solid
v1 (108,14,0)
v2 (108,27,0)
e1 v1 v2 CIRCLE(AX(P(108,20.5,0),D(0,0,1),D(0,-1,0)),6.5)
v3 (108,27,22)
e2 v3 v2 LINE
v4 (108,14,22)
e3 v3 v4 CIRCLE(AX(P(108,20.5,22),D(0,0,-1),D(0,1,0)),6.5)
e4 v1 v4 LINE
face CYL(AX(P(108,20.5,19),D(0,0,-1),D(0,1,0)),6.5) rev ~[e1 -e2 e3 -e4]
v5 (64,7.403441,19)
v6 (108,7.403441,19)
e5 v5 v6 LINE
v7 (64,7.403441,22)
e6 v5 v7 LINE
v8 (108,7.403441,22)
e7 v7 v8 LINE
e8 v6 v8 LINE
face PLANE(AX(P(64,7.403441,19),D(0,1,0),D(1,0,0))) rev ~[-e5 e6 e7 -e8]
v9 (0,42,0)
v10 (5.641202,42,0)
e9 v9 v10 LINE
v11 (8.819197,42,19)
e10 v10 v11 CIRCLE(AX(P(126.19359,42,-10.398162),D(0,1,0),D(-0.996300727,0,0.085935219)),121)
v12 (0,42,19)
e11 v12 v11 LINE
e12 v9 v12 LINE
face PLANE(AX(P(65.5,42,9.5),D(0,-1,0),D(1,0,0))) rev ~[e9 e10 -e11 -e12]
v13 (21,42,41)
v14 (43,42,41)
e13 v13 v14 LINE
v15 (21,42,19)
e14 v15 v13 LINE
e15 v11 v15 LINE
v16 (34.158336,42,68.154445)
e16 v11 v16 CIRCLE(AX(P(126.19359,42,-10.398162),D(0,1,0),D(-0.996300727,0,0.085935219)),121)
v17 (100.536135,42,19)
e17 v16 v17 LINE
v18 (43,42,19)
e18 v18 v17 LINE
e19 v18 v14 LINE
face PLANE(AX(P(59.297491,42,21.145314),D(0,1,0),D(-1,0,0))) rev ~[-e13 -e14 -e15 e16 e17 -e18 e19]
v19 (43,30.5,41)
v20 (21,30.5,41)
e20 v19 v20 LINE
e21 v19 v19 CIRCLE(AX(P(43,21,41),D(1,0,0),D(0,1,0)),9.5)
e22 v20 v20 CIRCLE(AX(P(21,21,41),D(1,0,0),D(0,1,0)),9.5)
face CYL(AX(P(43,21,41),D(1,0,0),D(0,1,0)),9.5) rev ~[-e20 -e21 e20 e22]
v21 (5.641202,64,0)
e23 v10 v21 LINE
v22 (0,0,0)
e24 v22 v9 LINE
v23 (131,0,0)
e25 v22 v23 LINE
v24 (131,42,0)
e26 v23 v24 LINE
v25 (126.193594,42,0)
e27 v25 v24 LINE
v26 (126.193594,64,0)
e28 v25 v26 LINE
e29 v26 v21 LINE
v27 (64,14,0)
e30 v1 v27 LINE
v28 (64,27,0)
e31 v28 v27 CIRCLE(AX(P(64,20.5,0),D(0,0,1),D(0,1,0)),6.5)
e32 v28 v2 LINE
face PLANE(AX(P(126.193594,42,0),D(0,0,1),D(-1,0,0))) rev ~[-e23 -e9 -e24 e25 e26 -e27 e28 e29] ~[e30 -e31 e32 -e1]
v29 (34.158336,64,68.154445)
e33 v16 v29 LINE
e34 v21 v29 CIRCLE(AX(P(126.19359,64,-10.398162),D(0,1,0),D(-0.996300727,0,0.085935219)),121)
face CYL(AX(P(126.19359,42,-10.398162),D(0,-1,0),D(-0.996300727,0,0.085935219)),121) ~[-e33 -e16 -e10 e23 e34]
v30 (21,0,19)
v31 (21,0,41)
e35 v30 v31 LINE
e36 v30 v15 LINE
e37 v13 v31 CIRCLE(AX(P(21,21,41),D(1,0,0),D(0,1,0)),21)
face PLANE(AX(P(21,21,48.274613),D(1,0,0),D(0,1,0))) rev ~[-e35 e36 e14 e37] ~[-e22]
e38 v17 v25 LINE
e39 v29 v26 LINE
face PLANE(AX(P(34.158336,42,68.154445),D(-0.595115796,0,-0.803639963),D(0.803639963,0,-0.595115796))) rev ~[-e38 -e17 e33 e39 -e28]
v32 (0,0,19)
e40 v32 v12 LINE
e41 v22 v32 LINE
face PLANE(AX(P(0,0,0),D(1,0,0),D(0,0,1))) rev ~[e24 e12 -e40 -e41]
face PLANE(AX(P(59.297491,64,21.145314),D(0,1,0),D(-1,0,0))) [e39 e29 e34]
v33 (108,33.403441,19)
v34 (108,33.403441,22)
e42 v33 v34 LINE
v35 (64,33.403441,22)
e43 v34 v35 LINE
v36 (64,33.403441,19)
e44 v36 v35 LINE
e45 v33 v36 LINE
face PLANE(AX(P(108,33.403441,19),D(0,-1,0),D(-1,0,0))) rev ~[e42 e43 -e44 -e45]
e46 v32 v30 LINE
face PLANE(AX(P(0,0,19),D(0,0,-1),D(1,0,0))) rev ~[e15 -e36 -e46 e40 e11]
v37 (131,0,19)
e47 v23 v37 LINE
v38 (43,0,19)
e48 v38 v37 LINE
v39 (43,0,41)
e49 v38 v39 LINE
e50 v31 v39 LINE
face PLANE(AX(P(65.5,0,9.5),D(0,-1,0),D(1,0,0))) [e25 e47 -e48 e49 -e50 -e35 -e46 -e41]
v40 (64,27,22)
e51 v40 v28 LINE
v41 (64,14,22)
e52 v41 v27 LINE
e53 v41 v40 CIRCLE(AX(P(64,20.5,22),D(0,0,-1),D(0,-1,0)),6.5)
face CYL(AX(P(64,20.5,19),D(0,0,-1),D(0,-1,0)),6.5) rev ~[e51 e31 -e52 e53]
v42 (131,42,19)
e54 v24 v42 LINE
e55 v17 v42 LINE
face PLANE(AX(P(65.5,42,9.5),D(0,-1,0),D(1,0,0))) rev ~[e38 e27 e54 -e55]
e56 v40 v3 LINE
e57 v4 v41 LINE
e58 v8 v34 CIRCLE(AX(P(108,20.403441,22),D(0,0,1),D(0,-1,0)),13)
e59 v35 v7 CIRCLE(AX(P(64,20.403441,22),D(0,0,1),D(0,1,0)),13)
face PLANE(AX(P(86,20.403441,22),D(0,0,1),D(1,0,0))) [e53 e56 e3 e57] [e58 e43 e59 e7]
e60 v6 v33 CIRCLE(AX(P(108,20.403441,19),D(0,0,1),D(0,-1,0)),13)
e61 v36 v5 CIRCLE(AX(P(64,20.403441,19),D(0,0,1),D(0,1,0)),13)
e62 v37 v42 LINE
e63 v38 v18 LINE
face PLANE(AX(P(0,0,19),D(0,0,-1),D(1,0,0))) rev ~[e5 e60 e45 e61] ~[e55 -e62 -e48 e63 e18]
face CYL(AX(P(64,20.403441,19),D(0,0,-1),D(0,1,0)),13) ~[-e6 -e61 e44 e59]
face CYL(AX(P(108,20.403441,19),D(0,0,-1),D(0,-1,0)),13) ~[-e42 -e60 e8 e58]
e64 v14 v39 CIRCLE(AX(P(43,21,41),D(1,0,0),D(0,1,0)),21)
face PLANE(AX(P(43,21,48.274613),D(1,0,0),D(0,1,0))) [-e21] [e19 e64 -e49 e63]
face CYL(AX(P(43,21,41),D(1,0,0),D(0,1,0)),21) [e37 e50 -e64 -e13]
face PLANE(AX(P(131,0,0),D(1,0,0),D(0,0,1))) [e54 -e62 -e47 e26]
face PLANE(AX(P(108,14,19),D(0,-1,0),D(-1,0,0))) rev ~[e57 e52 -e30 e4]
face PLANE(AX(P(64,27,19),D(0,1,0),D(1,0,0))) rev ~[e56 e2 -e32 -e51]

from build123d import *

# Parameters (mm, degrees)
F0_W      = 131
F0_H      = 19
F1_DEPTH  = 42
F2_W      = 22
F2_H      = 22
F3_DEPTH  = 42
F5_DEPTH  = 22
F6_R      = 9.5
F7_DEPTH  = 43.001
F9_DEPTH  = 19.001
F12_DEPTH = 22
F13_DEPTH = 3


with BuildPart() as f1:
    # F0 (on Front) → F1 (new body)
    with BuildSketch(Plane.XZ):
        with Locations((65.5, 9.5)):
            Rectangle(F0_W, F0_H)
    extrude(amount=-F1_DEPTH)

    # F2 (on face) → F3 (join)
    with BuildSketch(Plane.XZ):
        with Locations((32, 30)):
            Rectangle(F2_W, F2_H)
    extrude(amount=-F3_DEPTH)

    # F4 (on face) → F5 (join)
    with BuildSketch(Plane.YZ.offset(43)):
        with BuildLine():
            Line((0, 41), (42, 41))
            ThreePointArc((42, 41), (21, 62), (0, 41))
        make_face()
    extrude(amount=-F5_DEPTH)

    # F6 (on face) → F7 (cut, through all)
    with BuildSketch(Plane.YZ.offset(43)):
        with Locations((21, 41)):
            Circle(F6_R)
    extrude(amount=-F7_DEPTH, mode=Mode.SUBTRACT)

    # F8 (on face) → F9 (cut, through all)
    with BuildSketch(Plane.XY.offset(19)):
        with BuildLine():
            ThreePointArc((64, 27), (57.5, 20.5), (64, 14))
            Line((64, 14), (108, 14))
            ThreePointArc((108, 14), (114.5, 20.5), (108, 27))
            Line((108, 27), (64, 27))
        make_face()
    extrude(amount=-F9_DEPTH, mode=Mode.SUBTRACT)

    # F11 (on face) → F12 (join)
    with BuildSketch(Plane(origin=(0, 42, 0), x_dir=(-1, 0, 0), z_dir=(0, 1, 0))):
        with BuildLine():
            Line((-34.1583360178, 68.1544452659), (-126.1935941596, 0))
            Line((-126.1935941596, 0), (-5.6412019979, 0))
            ThreePointArc((-5.6412019979, 0), (-14.5708616504, 36.3069402207), (-34.1583360178, 68.1544452659))
        make_face()
    extrude(amount=F12_DEPTH)

    # F10 (on face) → F13 (join)
    with BuildSketch(Plane.XY.offset(19)):
        with BuildLine():
            Line((108, 33.4034413099), (64, 33.4034413099))
            ThreePointArc((64, 33.4034413099), (51, 20.4034413099), (64, 7.4034413099))
            Line((64, 7.4034413099), (108, 7.4034413099))
            ThreePointArc((108, 7.4034413099), (121, 20.4034413099), (108, 33.4034413099))
        make_face()
        with BuildLine():
            Line((108, 14), (64, 14))
            ThreePointArc((64, 14), (57.5, 20.5), (64, 27))
            Line((64, 27), (108, 27))
            ThreePointArc((108, 27), (114.5, 20.5), (108, 14))
        make_face(mode=Mode.SUBTRACT)
    extrude(amount=F13_DEPTH)


solid = f1.part
